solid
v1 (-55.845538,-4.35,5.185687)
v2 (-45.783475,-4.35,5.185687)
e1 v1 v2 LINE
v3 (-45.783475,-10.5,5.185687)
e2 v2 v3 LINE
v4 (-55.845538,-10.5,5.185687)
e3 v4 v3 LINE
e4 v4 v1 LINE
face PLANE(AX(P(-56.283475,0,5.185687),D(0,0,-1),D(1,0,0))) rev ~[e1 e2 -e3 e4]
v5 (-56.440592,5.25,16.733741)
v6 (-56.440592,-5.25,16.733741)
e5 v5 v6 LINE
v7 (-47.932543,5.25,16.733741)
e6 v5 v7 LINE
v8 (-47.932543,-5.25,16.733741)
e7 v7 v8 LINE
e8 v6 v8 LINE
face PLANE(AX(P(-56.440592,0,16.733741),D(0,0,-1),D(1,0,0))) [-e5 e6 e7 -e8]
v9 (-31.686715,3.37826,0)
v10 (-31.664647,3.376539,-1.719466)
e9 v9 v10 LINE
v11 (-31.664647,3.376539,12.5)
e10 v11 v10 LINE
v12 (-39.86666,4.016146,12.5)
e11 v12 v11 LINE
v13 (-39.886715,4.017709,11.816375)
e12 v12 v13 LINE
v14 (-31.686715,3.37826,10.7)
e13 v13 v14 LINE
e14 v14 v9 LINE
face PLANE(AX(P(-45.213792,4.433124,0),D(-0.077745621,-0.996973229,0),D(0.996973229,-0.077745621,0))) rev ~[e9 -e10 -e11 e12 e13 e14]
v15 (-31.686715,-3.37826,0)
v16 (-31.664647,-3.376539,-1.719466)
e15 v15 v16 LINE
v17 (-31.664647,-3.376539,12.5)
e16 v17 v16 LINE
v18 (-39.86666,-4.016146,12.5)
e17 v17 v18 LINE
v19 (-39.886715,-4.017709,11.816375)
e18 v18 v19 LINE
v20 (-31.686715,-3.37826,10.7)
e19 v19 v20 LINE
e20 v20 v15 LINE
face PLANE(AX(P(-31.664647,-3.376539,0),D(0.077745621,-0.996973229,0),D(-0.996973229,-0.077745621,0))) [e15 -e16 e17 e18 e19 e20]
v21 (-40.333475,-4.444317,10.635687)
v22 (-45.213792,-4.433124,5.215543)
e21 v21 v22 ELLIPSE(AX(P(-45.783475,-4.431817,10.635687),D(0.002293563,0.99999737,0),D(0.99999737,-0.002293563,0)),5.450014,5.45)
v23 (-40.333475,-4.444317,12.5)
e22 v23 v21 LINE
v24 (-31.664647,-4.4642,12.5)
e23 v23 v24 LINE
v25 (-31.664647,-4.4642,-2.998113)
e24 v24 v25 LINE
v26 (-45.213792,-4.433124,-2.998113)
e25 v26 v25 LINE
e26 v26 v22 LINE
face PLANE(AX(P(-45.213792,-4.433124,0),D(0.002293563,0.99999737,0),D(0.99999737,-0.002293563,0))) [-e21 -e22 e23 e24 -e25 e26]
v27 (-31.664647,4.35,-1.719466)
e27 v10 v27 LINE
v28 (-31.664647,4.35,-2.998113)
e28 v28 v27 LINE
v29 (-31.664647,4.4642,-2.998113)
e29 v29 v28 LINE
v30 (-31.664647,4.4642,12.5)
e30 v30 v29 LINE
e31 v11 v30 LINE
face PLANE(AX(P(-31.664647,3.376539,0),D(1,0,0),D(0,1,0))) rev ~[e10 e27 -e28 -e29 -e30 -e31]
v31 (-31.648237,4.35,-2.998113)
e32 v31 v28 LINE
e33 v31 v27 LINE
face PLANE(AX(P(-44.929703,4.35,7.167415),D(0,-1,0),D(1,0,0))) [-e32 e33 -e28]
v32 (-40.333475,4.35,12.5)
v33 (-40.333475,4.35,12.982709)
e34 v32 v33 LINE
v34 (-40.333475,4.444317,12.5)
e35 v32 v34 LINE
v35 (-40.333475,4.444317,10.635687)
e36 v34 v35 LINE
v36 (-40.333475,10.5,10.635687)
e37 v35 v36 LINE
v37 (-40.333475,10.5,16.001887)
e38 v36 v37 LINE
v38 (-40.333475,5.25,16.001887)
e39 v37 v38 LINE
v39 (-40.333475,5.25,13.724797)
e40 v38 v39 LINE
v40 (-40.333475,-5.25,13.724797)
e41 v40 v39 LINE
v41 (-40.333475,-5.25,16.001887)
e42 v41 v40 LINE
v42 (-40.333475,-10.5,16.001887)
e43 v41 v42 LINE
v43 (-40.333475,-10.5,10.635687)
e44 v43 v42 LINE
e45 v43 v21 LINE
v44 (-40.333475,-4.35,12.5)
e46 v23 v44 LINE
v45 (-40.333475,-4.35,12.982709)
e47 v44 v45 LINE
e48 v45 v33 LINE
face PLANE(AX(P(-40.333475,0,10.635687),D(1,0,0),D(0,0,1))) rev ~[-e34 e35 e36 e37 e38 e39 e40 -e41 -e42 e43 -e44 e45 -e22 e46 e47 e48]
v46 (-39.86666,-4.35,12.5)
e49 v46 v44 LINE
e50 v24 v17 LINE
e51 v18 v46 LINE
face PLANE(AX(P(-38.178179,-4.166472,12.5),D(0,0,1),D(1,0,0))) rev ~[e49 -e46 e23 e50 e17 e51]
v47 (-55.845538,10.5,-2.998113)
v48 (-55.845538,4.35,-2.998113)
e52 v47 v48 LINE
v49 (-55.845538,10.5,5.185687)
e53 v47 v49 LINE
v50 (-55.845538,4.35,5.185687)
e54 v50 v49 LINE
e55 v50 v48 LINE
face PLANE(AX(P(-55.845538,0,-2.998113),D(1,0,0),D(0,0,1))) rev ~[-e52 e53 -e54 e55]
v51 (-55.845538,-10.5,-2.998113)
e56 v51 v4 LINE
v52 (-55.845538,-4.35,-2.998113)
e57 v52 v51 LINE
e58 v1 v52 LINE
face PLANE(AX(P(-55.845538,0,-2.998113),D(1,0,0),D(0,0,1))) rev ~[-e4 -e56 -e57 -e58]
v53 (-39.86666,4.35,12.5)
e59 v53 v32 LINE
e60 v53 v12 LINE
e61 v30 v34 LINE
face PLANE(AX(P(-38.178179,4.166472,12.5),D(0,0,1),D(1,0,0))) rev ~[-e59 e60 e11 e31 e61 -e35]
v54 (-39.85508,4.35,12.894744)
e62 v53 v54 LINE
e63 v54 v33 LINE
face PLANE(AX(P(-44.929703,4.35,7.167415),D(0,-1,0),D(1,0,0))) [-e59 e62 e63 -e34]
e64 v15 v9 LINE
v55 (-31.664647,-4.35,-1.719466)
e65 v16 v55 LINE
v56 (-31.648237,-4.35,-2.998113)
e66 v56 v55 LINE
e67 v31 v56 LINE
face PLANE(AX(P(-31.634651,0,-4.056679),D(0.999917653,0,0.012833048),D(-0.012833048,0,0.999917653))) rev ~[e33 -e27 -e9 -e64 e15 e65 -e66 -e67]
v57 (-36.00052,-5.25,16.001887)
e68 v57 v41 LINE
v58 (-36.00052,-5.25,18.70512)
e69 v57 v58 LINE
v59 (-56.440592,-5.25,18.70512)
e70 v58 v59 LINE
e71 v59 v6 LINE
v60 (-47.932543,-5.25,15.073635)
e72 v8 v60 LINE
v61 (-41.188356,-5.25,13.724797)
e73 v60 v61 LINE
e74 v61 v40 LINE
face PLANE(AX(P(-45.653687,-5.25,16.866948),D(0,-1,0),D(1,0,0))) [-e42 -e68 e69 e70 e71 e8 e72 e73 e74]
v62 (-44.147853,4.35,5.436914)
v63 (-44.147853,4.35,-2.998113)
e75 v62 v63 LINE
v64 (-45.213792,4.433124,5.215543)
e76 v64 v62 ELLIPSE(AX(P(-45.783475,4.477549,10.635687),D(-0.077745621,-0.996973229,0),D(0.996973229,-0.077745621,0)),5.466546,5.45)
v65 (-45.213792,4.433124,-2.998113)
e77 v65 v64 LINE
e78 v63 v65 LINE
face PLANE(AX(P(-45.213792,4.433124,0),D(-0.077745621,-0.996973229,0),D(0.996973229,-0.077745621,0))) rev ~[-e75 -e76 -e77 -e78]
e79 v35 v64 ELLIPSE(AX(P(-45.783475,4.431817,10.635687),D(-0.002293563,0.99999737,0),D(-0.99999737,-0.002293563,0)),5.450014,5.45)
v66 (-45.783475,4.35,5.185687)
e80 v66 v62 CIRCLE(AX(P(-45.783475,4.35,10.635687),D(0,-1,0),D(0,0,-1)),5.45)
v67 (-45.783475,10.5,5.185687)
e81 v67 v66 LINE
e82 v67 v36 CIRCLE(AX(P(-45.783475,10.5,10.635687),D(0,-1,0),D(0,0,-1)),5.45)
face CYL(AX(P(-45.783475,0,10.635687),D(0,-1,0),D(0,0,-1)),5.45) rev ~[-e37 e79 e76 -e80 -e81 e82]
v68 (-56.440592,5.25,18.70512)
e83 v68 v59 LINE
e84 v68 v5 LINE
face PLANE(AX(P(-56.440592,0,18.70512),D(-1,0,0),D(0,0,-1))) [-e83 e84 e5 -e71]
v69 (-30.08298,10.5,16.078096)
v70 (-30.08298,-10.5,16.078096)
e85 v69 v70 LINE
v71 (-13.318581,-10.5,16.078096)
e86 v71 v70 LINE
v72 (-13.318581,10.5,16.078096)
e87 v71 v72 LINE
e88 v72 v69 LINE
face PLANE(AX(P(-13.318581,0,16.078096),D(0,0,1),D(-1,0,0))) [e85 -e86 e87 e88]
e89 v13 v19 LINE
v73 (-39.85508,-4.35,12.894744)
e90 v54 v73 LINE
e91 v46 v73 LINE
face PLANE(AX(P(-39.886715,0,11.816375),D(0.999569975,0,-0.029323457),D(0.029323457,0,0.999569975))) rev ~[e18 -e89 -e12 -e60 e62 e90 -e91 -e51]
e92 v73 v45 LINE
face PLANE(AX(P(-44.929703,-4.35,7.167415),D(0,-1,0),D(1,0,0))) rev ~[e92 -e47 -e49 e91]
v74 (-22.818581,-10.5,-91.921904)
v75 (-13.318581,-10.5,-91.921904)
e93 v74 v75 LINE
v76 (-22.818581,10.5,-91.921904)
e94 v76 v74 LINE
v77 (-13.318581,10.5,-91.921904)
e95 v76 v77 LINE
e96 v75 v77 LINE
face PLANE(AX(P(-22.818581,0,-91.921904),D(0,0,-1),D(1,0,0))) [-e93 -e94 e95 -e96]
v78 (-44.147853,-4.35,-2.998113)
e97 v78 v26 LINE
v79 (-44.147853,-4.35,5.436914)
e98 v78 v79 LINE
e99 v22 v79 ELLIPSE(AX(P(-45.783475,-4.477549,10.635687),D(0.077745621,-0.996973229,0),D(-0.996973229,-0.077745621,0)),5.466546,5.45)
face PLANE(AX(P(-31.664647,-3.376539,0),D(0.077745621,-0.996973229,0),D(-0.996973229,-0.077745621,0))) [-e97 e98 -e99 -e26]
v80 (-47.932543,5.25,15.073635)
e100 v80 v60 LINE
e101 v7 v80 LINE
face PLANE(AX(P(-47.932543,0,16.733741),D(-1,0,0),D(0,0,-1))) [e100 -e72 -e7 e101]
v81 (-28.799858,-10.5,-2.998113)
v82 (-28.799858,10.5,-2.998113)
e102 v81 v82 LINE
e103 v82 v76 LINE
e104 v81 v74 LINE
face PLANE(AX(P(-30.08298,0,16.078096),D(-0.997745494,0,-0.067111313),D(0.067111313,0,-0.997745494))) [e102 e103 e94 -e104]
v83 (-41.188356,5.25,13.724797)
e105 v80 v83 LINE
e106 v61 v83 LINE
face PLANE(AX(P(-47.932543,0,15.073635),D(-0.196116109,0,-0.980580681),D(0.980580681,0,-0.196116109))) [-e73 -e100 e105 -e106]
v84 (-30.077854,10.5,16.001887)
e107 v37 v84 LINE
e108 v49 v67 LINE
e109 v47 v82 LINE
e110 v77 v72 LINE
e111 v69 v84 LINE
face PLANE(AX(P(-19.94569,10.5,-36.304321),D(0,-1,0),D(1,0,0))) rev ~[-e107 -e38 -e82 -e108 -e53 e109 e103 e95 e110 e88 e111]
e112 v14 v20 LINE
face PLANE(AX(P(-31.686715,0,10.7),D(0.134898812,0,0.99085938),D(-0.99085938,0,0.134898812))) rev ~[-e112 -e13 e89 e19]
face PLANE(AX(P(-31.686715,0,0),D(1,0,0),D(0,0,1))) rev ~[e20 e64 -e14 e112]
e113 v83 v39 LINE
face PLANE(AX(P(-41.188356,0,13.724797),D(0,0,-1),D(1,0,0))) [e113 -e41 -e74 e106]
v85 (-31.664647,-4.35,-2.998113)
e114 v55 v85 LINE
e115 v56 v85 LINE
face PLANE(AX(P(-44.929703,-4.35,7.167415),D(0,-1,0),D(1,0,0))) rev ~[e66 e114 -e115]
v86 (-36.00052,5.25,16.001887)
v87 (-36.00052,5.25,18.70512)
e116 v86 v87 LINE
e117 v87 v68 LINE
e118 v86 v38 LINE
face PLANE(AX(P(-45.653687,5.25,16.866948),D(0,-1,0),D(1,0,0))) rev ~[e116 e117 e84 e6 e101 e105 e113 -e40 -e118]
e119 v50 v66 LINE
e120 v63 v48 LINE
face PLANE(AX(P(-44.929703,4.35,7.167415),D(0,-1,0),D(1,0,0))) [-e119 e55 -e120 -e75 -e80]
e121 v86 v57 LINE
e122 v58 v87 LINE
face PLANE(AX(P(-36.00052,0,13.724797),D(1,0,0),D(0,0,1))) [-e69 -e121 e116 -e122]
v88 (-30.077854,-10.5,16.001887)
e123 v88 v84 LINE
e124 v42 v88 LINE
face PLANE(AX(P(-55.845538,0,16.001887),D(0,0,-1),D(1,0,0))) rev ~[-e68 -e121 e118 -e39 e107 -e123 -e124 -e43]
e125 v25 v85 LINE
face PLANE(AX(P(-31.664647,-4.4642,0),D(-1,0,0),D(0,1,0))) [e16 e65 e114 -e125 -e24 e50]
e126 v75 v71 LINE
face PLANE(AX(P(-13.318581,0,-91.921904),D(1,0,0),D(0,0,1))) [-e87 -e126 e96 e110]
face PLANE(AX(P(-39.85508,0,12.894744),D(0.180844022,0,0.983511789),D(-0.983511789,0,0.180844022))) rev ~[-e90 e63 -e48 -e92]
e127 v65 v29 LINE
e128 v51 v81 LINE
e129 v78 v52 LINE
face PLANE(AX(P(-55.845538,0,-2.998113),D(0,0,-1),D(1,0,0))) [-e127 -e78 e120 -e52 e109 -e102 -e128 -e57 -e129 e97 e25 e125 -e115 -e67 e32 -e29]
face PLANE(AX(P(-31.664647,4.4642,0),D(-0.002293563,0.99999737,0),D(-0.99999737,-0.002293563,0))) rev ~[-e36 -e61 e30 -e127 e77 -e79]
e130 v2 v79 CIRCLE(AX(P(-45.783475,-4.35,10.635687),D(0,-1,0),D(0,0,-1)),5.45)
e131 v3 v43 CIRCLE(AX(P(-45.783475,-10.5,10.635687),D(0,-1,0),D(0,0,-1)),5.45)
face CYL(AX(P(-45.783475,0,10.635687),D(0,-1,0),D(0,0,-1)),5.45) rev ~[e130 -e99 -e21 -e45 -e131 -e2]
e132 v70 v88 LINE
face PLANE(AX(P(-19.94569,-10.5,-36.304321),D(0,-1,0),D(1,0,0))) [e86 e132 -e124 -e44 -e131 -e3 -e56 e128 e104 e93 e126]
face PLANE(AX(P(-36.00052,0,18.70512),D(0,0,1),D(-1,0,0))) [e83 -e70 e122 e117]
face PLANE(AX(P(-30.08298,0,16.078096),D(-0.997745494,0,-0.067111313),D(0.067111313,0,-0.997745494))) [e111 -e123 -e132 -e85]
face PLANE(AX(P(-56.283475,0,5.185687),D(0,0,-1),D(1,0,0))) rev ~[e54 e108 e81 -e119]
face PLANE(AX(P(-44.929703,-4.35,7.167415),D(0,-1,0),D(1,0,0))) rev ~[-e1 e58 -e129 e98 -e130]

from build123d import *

# Parameters (mm, degrees)
F0_W      = 30
F0_H      = 19
F1_DEPTH  = 10.5
F3_DEPTH  = 4.35
F6_DEPTH  = 12.5
F7_DEPTH  = 10.5
F9_DEPTH  = 5.25
F11_DEPTH = 10.5


with BuildPart() as f1:
    # F0 (on Front) → F1 (new body, symmetric)
    with BuildSketch(Plane.XZ):
        with Locations((-40.8455379754, 6.5018872991)):
            Rectangle(F0_W, F0_H)
    extrude(amount=F1_DEPTH, both=True)

    # F2 (on Front) → F3 (cut, symmetric)
    with BuildSketch(Plane.XZ):
        Polygon((-39.8867149711, 0), (-31.6867149711, 0), (-31.6867149711, 10.7), (-39.8867149711, 11.8163746178), (-39.8550798476, 12.8947440535), (-48.5550798476, 12.8947440535), (-48.5708974093, 14.4973720267), (-48.5867149711, 16.1), (-56.2867149711, 16.1), (-56.2867149711, 0), align=None)
        Polygon((-31.6346511245, -4.0566790849), (-31.6867149711, 0), (-39.8867149711, 0), (-56.2867149711, 0), (-56.2867149711, -4.0566790849), align=None)
        Polygon((-48.5550798476, 12.8947440535), (-39.8550798476, 12.8947440535), (-48.5708974093, 14.4973720267), align=None)
    extrude(amount=F3_DEPTH, both=True, mode=Mode.SUBTRACT)

    # F5 (on Top) → F6 (cut, symmetric)
    with BuildSketch(Plane.XY):
        Polygon((-31.664647162, -3.3765389722), (-45.2137924731, -4.4331237346), (-31.664647162, -4.4641996406), align=None)
        Polygon((-31.664647162, 4.4641996406), (-45.2137924731, 4.4331237346), (-31.664647162, 3.3765389722), align=None)
    extrude(amount=F6_DEPTH, both=True, mode=Mode.SUBTRACT)

    # F4 (on Front) → F7 (cut, symmetric)
    with BuildSketch(Plane.XZ):
        with BuildLine():
            Line((-45.7834748578, 16.0856869832), (-56.2834748578, 16.0856869832))
            Line((-56.2834748578, 16.0856869832), (-56.2834748578, 5.1856869832))
            Line((-56.2834748578, 5.1856869832), (-45.7834748578, 5.1856869832))
            ThreePointArc((-45.7834748578, 5.1856869832), (-41.9297429004, 6.7819550257), (-40.3334748578, 10.6356869832))
            ThreePointArc((-40.3334748578, 10.6356869832), (-41.9297429004, 14.4894189406), (-45.7834748578, 16.0856869832))
        make_face()
        with BuildLine():
            Line((-40.3334748578, 16.0856869832), (-45.7834748578, 16.0856869832))
            ThreePointArc((-45.7834748578, 16.0856869832), (-41.9297429004, 14.4894189406), (-40.3334748578, 10.6356869832))
            Line((-40.3334748578, 10.6356869832), (-40.3334748578, 16.0856869832))
        make_face()
    extrude(amount=F7_DEPTH, both=True, mode=Mode.SUBTRACT)

    # F8 (on Front) → F9 (join, symmetric)
    with BuildSketch(Plane.XZ):
        Polygon((-36.0005199909, 18.7051203102), (-56.4405918121, 18.7051203102), (-56.4405918121, 16.7337413877), (-47.9325428605, 16.7337413877), (-47.9325428605, 15.0736346841), (-41.1883555353, 13.7247974053), (-36.0005199909, 13.7247974053), align=None)
    extrude(amount=F9_DEPTH, both=True)

    # F10 (on Front) → F11 (join, symmetric)
    with BuildSketch(Plane.XZ):
        Polygon((-13.3185807616, 16.0780958831), (-25.8185807616, 16.0780958831), (-30.0829801708, 16.0780958831), (-22.8185807616, -91.9219041169), (-13.3185807616, -91.9219041169), align=None)
    extrude(amount=F11_DEPTH, both=True)


solid = f1.part
